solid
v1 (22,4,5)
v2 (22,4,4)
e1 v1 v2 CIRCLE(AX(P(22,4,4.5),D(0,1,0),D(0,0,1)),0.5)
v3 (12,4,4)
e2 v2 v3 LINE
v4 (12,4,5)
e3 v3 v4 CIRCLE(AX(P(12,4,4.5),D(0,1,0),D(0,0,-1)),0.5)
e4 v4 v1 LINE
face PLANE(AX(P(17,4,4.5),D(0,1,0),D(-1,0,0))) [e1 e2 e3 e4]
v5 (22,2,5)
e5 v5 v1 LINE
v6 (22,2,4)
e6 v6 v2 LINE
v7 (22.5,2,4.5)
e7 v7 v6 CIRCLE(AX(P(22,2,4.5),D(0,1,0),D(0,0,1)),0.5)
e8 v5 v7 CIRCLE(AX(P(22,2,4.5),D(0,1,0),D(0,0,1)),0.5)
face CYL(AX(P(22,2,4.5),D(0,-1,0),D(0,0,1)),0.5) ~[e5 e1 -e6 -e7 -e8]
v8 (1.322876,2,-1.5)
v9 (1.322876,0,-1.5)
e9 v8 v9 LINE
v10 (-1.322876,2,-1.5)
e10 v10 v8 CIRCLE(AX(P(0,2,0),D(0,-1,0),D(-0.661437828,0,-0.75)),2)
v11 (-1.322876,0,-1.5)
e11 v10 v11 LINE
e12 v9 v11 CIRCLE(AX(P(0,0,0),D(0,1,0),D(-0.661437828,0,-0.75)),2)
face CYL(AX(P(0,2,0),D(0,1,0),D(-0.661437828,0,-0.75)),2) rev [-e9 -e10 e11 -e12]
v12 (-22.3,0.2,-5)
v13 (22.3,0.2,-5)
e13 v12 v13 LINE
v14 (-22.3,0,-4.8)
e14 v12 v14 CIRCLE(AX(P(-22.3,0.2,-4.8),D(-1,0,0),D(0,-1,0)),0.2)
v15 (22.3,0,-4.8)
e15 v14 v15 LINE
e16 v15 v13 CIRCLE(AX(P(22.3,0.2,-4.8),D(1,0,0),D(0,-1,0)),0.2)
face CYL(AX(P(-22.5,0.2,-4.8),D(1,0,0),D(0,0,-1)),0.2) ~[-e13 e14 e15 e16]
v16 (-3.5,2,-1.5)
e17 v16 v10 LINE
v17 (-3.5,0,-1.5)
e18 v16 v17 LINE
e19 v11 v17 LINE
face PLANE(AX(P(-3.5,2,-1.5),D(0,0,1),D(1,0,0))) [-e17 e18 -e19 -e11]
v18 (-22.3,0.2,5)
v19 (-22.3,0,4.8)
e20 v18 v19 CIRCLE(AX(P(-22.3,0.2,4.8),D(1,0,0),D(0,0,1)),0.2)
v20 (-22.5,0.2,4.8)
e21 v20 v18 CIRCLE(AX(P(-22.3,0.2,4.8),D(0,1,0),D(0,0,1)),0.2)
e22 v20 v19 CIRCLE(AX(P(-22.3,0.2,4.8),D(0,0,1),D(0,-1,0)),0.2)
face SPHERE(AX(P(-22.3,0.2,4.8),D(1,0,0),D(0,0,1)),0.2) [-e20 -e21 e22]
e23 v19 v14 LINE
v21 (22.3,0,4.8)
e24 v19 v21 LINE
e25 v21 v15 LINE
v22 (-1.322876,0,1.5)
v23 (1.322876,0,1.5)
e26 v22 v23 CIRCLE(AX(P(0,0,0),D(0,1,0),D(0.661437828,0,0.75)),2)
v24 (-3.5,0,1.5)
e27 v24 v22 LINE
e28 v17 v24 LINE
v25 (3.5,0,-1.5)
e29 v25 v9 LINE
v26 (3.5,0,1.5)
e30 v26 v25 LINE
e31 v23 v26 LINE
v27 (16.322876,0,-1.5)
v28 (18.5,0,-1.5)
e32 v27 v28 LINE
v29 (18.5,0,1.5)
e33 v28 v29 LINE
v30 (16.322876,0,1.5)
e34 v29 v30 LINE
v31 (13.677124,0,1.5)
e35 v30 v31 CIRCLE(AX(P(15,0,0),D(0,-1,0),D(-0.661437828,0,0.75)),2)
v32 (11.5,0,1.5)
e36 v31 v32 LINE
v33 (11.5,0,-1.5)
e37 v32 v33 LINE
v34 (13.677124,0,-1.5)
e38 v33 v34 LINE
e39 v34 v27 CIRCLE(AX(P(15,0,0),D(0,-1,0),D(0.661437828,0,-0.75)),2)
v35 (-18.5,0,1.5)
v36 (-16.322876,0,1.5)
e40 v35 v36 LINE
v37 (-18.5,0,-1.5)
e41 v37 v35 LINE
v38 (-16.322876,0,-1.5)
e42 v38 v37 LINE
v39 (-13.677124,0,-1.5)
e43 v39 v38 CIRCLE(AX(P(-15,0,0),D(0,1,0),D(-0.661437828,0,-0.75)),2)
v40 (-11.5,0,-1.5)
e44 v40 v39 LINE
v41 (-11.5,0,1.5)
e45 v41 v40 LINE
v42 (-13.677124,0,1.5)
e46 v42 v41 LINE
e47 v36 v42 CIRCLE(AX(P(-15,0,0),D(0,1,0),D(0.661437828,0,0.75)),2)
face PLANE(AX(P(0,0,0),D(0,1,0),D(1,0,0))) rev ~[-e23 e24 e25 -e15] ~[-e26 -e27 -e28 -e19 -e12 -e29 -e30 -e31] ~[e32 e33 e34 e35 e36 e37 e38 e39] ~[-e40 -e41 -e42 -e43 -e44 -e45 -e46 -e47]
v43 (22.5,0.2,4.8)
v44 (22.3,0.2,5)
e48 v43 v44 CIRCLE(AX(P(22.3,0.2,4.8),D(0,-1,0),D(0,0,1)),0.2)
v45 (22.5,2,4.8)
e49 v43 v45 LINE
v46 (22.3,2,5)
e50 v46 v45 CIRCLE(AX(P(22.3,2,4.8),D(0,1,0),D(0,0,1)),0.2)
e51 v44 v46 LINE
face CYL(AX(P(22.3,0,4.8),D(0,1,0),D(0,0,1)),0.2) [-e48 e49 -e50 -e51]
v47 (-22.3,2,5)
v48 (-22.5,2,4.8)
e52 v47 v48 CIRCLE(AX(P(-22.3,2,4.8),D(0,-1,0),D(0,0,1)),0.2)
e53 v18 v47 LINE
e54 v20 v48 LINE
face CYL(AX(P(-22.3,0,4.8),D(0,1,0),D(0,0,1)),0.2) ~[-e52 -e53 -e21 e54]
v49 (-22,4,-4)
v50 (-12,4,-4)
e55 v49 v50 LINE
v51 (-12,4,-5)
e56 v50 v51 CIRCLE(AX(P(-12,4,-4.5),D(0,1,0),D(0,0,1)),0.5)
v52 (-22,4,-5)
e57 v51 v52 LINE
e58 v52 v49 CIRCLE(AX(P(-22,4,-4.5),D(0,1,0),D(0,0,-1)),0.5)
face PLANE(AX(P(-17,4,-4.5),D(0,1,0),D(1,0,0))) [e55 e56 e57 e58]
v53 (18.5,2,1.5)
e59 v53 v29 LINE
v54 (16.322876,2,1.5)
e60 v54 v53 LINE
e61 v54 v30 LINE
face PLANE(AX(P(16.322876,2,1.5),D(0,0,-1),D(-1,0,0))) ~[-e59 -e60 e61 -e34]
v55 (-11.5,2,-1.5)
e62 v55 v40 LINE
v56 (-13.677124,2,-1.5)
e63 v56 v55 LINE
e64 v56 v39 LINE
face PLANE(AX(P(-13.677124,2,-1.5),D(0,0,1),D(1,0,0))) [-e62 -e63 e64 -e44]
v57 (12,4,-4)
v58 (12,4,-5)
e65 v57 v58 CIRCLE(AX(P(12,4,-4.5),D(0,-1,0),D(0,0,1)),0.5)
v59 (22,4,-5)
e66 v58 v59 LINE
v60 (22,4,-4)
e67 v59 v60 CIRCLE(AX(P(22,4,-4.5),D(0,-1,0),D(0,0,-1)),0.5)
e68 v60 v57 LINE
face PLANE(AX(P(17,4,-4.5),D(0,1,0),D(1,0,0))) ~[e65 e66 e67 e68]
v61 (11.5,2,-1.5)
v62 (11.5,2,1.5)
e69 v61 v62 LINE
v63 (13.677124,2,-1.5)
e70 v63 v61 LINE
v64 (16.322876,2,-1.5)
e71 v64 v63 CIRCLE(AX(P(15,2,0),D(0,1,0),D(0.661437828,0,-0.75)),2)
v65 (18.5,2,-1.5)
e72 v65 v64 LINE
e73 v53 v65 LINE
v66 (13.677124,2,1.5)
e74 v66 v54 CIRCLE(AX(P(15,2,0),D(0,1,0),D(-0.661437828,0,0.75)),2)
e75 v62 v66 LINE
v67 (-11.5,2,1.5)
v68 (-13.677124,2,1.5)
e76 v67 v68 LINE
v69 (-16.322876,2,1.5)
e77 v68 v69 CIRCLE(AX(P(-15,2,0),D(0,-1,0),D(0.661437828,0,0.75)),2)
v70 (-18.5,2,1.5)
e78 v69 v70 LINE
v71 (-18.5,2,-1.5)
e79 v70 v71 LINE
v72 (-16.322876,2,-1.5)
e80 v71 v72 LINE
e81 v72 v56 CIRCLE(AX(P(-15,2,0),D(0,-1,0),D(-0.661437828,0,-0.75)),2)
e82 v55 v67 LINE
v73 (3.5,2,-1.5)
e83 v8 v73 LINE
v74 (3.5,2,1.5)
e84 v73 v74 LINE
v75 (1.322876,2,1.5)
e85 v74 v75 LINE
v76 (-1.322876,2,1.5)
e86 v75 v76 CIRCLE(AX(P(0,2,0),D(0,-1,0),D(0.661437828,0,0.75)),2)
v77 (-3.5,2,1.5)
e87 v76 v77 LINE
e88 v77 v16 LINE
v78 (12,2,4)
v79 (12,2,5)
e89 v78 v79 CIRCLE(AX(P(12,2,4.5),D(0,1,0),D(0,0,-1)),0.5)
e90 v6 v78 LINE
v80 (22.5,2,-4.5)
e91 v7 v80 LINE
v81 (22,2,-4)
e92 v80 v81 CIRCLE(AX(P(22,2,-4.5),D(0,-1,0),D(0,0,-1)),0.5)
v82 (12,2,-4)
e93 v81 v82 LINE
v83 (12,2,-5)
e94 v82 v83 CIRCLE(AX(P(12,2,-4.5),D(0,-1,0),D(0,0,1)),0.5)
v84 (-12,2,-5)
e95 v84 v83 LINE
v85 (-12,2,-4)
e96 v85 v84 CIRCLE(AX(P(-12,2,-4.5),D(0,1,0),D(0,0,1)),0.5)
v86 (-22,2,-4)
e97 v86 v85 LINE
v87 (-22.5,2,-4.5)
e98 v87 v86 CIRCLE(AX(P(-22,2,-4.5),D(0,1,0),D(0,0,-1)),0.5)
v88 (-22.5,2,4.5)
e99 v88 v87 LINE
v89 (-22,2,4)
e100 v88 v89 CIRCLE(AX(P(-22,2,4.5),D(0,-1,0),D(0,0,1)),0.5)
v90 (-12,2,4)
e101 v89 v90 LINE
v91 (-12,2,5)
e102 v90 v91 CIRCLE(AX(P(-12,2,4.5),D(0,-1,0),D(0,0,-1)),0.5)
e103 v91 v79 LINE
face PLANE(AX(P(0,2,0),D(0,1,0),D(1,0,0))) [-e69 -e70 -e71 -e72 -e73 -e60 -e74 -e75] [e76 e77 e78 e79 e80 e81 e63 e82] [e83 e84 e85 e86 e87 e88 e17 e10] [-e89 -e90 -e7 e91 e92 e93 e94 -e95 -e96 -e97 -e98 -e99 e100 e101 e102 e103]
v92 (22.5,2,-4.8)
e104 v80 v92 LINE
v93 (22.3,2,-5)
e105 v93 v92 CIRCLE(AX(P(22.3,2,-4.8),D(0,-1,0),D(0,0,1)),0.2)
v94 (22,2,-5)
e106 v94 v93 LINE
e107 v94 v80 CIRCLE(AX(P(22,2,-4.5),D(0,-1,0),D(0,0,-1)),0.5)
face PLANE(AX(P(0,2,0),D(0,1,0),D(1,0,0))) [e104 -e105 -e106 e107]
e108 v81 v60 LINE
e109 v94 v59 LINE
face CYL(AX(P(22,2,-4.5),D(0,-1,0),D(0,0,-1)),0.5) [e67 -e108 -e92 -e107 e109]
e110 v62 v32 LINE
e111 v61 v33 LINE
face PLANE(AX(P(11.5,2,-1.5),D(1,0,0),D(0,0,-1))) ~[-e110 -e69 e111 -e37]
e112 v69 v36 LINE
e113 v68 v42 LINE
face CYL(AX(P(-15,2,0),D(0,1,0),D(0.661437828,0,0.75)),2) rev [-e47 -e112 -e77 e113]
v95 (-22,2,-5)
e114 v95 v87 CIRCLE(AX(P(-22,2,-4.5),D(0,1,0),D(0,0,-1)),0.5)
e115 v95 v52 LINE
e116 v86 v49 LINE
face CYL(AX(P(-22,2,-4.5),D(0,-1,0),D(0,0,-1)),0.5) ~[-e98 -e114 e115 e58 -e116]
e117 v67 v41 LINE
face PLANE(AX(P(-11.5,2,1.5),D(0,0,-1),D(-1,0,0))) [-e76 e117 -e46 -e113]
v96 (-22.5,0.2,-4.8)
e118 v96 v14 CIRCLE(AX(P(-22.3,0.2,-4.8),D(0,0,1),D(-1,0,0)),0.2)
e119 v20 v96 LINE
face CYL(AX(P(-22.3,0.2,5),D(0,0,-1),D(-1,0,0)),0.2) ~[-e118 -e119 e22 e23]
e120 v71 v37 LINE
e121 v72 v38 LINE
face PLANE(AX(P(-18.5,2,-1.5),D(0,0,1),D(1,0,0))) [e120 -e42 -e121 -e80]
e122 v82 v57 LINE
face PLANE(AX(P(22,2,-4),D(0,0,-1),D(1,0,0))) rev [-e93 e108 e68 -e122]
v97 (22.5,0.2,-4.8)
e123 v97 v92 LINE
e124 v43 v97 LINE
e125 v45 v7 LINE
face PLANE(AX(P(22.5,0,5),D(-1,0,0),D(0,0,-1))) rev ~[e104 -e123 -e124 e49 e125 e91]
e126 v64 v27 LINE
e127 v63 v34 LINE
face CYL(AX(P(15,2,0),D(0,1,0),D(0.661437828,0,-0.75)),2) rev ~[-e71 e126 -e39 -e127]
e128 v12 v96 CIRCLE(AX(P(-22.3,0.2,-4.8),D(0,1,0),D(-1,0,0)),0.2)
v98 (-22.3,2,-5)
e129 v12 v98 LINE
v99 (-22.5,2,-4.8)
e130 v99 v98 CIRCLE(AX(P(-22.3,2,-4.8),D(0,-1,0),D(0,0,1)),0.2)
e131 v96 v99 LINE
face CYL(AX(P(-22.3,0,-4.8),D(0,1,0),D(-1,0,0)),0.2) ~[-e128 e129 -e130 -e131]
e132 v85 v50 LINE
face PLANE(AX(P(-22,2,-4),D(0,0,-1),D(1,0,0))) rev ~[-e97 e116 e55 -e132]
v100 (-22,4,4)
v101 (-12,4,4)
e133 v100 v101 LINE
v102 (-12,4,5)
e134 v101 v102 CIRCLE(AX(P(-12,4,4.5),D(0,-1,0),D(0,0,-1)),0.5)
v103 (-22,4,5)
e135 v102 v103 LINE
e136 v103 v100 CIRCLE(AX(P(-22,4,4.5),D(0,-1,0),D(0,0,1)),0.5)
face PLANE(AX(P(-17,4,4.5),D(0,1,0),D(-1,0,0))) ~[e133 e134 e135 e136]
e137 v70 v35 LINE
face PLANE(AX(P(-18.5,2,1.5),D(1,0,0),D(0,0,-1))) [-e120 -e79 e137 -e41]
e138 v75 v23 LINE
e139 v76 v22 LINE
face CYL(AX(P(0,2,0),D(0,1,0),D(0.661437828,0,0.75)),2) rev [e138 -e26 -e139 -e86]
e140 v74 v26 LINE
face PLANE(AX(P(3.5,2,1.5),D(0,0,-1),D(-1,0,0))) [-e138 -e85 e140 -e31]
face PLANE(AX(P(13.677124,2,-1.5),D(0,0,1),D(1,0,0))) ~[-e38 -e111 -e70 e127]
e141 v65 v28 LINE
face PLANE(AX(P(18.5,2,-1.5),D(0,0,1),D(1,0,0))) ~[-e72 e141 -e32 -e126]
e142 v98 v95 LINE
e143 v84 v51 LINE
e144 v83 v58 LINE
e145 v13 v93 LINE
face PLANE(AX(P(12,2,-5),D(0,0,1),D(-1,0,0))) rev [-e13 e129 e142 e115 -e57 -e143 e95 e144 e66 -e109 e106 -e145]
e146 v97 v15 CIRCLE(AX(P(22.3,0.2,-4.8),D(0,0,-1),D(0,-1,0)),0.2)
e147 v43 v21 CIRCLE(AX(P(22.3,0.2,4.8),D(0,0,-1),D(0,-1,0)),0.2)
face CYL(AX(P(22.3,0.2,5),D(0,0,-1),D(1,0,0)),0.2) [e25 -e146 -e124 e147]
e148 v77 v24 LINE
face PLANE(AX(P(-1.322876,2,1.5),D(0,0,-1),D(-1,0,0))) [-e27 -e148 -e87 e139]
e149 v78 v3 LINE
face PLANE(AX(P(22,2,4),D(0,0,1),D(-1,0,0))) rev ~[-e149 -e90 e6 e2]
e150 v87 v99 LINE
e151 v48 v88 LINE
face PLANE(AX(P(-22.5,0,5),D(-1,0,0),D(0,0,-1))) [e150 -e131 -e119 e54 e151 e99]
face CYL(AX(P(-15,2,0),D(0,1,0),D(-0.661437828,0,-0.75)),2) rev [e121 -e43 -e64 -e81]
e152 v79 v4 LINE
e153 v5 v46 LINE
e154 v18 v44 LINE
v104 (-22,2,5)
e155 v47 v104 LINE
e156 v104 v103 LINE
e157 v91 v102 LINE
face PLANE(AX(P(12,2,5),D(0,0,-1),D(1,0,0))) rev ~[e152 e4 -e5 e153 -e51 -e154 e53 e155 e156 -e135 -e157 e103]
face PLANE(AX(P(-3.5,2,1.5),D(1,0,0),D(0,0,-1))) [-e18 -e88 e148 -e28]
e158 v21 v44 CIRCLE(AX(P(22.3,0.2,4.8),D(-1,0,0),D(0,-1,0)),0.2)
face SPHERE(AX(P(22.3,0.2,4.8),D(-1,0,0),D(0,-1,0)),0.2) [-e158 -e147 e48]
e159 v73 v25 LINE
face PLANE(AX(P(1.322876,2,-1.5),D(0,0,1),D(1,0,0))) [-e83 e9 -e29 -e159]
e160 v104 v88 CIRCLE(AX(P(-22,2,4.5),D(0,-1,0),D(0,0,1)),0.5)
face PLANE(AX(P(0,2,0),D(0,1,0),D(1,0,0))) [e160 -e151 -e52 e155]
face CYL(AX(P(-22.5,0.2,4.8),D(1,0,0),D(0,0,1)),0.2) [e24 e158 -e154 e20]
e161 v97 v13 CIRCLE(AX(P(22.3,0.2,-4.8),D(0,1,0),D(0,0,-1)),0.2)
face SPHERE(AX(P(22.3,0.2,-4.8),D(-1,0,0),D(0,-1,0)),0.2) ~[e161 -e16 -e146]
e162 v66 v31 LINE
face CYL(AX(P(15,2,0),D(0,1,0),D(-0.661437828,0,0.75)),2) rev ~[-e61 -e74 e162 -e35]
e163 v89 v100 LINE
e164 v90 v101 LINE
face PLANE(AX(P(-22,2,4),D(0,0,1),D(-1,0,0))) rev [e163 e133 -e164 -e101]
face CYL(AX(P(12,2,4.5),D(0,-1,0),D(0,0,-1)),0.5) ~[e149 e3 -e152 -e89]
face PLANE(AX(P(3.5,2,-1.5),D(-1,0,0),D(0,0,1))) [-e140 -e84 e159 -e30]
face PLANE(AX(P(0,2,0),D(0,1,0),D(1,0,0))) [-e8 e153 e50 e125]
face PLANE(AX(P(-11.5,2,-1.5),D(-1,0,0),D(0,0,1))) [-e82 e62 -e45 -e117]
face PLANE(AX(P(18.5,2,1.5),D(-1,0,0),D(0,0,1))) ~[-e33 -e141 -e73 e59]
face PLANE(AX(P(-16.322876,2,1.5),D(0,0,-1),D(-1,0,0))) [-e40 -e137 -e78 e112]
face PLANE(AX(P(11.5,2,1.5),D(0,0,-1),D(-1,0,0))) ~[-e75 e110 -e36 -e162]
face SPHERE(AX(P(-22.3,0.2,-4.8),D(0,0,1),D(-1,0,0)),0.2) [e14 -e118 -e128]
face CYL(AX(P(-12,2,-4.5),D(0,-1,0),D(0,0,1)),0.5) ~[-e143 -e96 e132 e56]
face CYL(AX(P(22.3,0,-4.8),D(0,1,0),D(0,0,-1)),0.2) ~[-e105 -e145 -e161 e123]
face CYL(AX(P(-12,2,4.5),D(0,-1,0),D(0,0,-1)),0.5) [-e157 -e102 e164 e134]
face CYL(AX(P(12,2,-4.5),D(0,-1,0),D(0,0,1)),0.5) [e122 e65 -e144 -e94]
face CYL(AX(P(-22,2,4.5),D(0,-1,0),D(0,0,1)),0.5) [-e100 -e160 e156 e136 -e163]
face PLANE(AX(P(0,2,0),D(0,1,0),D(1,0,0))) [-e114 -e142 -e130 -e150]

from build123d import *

# Parameters (mm, degrees)
SKETCH_1_W            = 45
SKETCH_1_H            = 10
EXTRUDE_1_DEPTH       = 2
EXTRUDE_2_DEPTH       = 2
MIRROR_2_COPY_1_DEPTH = 2
CUT_EXTRUDE_1_REACH   = 25.135
CUT_EXTRUDE_2_REACH   = 25.135
FILLET_1_R            = 0.2


with BuildPart() as part:
    # 草图1 → 凸台-拉伸1 (new body)
    with BuildSketch(Plane(origin=(0, 0, 0), x_dir=(1, 0, 0), z_dir=(0, 1, 0))):
        Rectangle(SKETCH_1_W, SKETCH_1_H)
    extrude(amount=EXTRUDE_1_DEPTH)

    # 草图2 → 凸台-拉伸2 (add)
    with BuildSketch(Plane(origin=(0, 2, 0), x_dir=(1, 0, 0), z_dir=(0, 1, 0))):
        with BuildLine():
            Line((-22, 4), (-12, 4))
            ThreePointArc((-12, 4), (-11.5, 4.5), (-12, 5))
            Line((-12, 5), (-22, 5))
            ThreePointArc((-22, 5), (-22.5, 4.5), (-22, 4))
        make_face()
    extrude_2 = extrude(amount=EXTRUDE_2_DEPTH)

    # 镜向1: 凸台-拉伸2 across plane
    add(extrude_2.mirror(Plane.XY))

    # 镜向2: 凸台-拉伸2 across plane
    add(extrude_2.mirror(Plane(origin=(0, 0, 0), x_dir=(0, 0, 1), z_dir=(1, 0, 0))))

    # 镜向2 copy 1 sketch → 镜向2 copy 1 (add)
    with BuildSketch(Plane(origin=(0, 2, 0), x_dir=(-1, 0, 0), z_dir=(0, 1, 0))):
        with BuildLine():
            Line((-22, 4), (-12, 4))
            ThreePointArc((-12, 4), (-11.5, 4.5), (-12, 5))
            Line((-12, 5), (-22, 5))
            ThreePointArc((-22, 5), (-22.5, 4.5), (-22, 4))
        make_face()
    extrude(amount=MIRROR_2_COPY_1_DEPTH)

    # 草图3 → 切除-拉伸1 (cut, up to next)
    with BuildSketch(Plane(origin=(0, 2, 0), x_dir=(1, 0, 0), z_dir=(0, 1, 0)), mode=Mode.PRIVATE) as cut_extrude_1_sk1:
        with BuildLine():
            Line((3.5, 1.5), (3.5, -1.5))
            Line((3.5, -1.5), (1.322875656, -1.5))
            ThreePointArc((1.322875656, -1.5), (0, -2), (-1.322875656, -1.5))
            Line((-1.322875656, -1.5), (-3.5, -1.5))
            Line((-3.5, -1.5), (-3.5, 1.5))
            Line((-3.5, 1.5), (-1.322875656, 1.5))
            ThreePointArc((-1.322875656, 1.5), (0, 2), (1.322875656, 1.5))
            Line((1.322875656, 1.5), (3.5, 1.5))
        make_face()
    cut_extrude_1_tool1 = extrude(cut_extrude_1_sk1.sketch, amount=-CUT_EXTRUDE_1_REACH, mode=Mode.PRIVATE) & part.part
    add(cut_extrude_1_tool1.solids().sort_by_distance((0, 2, 0))[0], mode=Mode.SUBTRACT)

    # 草图4 → 切除-拉伸2 (cut, up to next)
    with BuildSketch(Plane(origin=(0, 2, 0), x_dir=(1, 0, 0), z_dir=(0, 1, 0)), mode=Mode.PRIVATE) as cut_extrude_2_sk1:
        with BuildLine():
            Line((-11.5, 1.5), (-11.5, -1.5))
            Line((-11.5, -1.5), (-13.677124344, -1.5))
            ThreePointArc((-13.677124344, -1.5), (-15, -2), (-16.322875656, -1.5))
            Line((-16.322875656, -1.5), (-18.5, -1.5))
            Line((-18.5, -1.5), (-18.5, 1.5))
            Line((-18.5, 1.5), (-16.322875656, 1.5))
            ThreePointArc((-16.322875656, 1.5), (-15, 2), (-13.677124344, 1.5))
            Line((-13.677124344, 1.5), (-11.5, 1.5))
        make_face()
    cut_extrude_2_tool1 = extrude(cut_extrude_2_sk1.sketch, amount=-CUT_EXTRUDE_2_REACH, mode=Mode.PRIVATE) & part.part
    cut_extrude_2 = cut_extrude_2_tool1.solids().sort_by_distance((-15, 2, 0))[0]
    add(cut_extrude_2, mode=Mode.SUBTRACT)

    # 镜向3: 切除-拉伸2 across plane
    add(cut_extrude_2.mirror(Plane(origin=(0, 0, 0), x_dir=(0, 0, 1), z_dir=(1, 0, 0))), mode=Mode.SUBTRACT)

    # 圆角1
    fillet_1_edges = [part.edges().sort_by_distance(p)[0] for p in [
        (0, 0, 5),
        (-22.5, 1, 5),
        (-22.5, 0, 0),
        (-22.5, 1, -5),
        (0, 0, -5),
        (22.5, 0, 0),
        (22.5, 1, -5),
        (22.5, 1, 5),
    ]]
    fillet(fillet_1_edges, radius=FILLET_1_R)


solid = part.part
